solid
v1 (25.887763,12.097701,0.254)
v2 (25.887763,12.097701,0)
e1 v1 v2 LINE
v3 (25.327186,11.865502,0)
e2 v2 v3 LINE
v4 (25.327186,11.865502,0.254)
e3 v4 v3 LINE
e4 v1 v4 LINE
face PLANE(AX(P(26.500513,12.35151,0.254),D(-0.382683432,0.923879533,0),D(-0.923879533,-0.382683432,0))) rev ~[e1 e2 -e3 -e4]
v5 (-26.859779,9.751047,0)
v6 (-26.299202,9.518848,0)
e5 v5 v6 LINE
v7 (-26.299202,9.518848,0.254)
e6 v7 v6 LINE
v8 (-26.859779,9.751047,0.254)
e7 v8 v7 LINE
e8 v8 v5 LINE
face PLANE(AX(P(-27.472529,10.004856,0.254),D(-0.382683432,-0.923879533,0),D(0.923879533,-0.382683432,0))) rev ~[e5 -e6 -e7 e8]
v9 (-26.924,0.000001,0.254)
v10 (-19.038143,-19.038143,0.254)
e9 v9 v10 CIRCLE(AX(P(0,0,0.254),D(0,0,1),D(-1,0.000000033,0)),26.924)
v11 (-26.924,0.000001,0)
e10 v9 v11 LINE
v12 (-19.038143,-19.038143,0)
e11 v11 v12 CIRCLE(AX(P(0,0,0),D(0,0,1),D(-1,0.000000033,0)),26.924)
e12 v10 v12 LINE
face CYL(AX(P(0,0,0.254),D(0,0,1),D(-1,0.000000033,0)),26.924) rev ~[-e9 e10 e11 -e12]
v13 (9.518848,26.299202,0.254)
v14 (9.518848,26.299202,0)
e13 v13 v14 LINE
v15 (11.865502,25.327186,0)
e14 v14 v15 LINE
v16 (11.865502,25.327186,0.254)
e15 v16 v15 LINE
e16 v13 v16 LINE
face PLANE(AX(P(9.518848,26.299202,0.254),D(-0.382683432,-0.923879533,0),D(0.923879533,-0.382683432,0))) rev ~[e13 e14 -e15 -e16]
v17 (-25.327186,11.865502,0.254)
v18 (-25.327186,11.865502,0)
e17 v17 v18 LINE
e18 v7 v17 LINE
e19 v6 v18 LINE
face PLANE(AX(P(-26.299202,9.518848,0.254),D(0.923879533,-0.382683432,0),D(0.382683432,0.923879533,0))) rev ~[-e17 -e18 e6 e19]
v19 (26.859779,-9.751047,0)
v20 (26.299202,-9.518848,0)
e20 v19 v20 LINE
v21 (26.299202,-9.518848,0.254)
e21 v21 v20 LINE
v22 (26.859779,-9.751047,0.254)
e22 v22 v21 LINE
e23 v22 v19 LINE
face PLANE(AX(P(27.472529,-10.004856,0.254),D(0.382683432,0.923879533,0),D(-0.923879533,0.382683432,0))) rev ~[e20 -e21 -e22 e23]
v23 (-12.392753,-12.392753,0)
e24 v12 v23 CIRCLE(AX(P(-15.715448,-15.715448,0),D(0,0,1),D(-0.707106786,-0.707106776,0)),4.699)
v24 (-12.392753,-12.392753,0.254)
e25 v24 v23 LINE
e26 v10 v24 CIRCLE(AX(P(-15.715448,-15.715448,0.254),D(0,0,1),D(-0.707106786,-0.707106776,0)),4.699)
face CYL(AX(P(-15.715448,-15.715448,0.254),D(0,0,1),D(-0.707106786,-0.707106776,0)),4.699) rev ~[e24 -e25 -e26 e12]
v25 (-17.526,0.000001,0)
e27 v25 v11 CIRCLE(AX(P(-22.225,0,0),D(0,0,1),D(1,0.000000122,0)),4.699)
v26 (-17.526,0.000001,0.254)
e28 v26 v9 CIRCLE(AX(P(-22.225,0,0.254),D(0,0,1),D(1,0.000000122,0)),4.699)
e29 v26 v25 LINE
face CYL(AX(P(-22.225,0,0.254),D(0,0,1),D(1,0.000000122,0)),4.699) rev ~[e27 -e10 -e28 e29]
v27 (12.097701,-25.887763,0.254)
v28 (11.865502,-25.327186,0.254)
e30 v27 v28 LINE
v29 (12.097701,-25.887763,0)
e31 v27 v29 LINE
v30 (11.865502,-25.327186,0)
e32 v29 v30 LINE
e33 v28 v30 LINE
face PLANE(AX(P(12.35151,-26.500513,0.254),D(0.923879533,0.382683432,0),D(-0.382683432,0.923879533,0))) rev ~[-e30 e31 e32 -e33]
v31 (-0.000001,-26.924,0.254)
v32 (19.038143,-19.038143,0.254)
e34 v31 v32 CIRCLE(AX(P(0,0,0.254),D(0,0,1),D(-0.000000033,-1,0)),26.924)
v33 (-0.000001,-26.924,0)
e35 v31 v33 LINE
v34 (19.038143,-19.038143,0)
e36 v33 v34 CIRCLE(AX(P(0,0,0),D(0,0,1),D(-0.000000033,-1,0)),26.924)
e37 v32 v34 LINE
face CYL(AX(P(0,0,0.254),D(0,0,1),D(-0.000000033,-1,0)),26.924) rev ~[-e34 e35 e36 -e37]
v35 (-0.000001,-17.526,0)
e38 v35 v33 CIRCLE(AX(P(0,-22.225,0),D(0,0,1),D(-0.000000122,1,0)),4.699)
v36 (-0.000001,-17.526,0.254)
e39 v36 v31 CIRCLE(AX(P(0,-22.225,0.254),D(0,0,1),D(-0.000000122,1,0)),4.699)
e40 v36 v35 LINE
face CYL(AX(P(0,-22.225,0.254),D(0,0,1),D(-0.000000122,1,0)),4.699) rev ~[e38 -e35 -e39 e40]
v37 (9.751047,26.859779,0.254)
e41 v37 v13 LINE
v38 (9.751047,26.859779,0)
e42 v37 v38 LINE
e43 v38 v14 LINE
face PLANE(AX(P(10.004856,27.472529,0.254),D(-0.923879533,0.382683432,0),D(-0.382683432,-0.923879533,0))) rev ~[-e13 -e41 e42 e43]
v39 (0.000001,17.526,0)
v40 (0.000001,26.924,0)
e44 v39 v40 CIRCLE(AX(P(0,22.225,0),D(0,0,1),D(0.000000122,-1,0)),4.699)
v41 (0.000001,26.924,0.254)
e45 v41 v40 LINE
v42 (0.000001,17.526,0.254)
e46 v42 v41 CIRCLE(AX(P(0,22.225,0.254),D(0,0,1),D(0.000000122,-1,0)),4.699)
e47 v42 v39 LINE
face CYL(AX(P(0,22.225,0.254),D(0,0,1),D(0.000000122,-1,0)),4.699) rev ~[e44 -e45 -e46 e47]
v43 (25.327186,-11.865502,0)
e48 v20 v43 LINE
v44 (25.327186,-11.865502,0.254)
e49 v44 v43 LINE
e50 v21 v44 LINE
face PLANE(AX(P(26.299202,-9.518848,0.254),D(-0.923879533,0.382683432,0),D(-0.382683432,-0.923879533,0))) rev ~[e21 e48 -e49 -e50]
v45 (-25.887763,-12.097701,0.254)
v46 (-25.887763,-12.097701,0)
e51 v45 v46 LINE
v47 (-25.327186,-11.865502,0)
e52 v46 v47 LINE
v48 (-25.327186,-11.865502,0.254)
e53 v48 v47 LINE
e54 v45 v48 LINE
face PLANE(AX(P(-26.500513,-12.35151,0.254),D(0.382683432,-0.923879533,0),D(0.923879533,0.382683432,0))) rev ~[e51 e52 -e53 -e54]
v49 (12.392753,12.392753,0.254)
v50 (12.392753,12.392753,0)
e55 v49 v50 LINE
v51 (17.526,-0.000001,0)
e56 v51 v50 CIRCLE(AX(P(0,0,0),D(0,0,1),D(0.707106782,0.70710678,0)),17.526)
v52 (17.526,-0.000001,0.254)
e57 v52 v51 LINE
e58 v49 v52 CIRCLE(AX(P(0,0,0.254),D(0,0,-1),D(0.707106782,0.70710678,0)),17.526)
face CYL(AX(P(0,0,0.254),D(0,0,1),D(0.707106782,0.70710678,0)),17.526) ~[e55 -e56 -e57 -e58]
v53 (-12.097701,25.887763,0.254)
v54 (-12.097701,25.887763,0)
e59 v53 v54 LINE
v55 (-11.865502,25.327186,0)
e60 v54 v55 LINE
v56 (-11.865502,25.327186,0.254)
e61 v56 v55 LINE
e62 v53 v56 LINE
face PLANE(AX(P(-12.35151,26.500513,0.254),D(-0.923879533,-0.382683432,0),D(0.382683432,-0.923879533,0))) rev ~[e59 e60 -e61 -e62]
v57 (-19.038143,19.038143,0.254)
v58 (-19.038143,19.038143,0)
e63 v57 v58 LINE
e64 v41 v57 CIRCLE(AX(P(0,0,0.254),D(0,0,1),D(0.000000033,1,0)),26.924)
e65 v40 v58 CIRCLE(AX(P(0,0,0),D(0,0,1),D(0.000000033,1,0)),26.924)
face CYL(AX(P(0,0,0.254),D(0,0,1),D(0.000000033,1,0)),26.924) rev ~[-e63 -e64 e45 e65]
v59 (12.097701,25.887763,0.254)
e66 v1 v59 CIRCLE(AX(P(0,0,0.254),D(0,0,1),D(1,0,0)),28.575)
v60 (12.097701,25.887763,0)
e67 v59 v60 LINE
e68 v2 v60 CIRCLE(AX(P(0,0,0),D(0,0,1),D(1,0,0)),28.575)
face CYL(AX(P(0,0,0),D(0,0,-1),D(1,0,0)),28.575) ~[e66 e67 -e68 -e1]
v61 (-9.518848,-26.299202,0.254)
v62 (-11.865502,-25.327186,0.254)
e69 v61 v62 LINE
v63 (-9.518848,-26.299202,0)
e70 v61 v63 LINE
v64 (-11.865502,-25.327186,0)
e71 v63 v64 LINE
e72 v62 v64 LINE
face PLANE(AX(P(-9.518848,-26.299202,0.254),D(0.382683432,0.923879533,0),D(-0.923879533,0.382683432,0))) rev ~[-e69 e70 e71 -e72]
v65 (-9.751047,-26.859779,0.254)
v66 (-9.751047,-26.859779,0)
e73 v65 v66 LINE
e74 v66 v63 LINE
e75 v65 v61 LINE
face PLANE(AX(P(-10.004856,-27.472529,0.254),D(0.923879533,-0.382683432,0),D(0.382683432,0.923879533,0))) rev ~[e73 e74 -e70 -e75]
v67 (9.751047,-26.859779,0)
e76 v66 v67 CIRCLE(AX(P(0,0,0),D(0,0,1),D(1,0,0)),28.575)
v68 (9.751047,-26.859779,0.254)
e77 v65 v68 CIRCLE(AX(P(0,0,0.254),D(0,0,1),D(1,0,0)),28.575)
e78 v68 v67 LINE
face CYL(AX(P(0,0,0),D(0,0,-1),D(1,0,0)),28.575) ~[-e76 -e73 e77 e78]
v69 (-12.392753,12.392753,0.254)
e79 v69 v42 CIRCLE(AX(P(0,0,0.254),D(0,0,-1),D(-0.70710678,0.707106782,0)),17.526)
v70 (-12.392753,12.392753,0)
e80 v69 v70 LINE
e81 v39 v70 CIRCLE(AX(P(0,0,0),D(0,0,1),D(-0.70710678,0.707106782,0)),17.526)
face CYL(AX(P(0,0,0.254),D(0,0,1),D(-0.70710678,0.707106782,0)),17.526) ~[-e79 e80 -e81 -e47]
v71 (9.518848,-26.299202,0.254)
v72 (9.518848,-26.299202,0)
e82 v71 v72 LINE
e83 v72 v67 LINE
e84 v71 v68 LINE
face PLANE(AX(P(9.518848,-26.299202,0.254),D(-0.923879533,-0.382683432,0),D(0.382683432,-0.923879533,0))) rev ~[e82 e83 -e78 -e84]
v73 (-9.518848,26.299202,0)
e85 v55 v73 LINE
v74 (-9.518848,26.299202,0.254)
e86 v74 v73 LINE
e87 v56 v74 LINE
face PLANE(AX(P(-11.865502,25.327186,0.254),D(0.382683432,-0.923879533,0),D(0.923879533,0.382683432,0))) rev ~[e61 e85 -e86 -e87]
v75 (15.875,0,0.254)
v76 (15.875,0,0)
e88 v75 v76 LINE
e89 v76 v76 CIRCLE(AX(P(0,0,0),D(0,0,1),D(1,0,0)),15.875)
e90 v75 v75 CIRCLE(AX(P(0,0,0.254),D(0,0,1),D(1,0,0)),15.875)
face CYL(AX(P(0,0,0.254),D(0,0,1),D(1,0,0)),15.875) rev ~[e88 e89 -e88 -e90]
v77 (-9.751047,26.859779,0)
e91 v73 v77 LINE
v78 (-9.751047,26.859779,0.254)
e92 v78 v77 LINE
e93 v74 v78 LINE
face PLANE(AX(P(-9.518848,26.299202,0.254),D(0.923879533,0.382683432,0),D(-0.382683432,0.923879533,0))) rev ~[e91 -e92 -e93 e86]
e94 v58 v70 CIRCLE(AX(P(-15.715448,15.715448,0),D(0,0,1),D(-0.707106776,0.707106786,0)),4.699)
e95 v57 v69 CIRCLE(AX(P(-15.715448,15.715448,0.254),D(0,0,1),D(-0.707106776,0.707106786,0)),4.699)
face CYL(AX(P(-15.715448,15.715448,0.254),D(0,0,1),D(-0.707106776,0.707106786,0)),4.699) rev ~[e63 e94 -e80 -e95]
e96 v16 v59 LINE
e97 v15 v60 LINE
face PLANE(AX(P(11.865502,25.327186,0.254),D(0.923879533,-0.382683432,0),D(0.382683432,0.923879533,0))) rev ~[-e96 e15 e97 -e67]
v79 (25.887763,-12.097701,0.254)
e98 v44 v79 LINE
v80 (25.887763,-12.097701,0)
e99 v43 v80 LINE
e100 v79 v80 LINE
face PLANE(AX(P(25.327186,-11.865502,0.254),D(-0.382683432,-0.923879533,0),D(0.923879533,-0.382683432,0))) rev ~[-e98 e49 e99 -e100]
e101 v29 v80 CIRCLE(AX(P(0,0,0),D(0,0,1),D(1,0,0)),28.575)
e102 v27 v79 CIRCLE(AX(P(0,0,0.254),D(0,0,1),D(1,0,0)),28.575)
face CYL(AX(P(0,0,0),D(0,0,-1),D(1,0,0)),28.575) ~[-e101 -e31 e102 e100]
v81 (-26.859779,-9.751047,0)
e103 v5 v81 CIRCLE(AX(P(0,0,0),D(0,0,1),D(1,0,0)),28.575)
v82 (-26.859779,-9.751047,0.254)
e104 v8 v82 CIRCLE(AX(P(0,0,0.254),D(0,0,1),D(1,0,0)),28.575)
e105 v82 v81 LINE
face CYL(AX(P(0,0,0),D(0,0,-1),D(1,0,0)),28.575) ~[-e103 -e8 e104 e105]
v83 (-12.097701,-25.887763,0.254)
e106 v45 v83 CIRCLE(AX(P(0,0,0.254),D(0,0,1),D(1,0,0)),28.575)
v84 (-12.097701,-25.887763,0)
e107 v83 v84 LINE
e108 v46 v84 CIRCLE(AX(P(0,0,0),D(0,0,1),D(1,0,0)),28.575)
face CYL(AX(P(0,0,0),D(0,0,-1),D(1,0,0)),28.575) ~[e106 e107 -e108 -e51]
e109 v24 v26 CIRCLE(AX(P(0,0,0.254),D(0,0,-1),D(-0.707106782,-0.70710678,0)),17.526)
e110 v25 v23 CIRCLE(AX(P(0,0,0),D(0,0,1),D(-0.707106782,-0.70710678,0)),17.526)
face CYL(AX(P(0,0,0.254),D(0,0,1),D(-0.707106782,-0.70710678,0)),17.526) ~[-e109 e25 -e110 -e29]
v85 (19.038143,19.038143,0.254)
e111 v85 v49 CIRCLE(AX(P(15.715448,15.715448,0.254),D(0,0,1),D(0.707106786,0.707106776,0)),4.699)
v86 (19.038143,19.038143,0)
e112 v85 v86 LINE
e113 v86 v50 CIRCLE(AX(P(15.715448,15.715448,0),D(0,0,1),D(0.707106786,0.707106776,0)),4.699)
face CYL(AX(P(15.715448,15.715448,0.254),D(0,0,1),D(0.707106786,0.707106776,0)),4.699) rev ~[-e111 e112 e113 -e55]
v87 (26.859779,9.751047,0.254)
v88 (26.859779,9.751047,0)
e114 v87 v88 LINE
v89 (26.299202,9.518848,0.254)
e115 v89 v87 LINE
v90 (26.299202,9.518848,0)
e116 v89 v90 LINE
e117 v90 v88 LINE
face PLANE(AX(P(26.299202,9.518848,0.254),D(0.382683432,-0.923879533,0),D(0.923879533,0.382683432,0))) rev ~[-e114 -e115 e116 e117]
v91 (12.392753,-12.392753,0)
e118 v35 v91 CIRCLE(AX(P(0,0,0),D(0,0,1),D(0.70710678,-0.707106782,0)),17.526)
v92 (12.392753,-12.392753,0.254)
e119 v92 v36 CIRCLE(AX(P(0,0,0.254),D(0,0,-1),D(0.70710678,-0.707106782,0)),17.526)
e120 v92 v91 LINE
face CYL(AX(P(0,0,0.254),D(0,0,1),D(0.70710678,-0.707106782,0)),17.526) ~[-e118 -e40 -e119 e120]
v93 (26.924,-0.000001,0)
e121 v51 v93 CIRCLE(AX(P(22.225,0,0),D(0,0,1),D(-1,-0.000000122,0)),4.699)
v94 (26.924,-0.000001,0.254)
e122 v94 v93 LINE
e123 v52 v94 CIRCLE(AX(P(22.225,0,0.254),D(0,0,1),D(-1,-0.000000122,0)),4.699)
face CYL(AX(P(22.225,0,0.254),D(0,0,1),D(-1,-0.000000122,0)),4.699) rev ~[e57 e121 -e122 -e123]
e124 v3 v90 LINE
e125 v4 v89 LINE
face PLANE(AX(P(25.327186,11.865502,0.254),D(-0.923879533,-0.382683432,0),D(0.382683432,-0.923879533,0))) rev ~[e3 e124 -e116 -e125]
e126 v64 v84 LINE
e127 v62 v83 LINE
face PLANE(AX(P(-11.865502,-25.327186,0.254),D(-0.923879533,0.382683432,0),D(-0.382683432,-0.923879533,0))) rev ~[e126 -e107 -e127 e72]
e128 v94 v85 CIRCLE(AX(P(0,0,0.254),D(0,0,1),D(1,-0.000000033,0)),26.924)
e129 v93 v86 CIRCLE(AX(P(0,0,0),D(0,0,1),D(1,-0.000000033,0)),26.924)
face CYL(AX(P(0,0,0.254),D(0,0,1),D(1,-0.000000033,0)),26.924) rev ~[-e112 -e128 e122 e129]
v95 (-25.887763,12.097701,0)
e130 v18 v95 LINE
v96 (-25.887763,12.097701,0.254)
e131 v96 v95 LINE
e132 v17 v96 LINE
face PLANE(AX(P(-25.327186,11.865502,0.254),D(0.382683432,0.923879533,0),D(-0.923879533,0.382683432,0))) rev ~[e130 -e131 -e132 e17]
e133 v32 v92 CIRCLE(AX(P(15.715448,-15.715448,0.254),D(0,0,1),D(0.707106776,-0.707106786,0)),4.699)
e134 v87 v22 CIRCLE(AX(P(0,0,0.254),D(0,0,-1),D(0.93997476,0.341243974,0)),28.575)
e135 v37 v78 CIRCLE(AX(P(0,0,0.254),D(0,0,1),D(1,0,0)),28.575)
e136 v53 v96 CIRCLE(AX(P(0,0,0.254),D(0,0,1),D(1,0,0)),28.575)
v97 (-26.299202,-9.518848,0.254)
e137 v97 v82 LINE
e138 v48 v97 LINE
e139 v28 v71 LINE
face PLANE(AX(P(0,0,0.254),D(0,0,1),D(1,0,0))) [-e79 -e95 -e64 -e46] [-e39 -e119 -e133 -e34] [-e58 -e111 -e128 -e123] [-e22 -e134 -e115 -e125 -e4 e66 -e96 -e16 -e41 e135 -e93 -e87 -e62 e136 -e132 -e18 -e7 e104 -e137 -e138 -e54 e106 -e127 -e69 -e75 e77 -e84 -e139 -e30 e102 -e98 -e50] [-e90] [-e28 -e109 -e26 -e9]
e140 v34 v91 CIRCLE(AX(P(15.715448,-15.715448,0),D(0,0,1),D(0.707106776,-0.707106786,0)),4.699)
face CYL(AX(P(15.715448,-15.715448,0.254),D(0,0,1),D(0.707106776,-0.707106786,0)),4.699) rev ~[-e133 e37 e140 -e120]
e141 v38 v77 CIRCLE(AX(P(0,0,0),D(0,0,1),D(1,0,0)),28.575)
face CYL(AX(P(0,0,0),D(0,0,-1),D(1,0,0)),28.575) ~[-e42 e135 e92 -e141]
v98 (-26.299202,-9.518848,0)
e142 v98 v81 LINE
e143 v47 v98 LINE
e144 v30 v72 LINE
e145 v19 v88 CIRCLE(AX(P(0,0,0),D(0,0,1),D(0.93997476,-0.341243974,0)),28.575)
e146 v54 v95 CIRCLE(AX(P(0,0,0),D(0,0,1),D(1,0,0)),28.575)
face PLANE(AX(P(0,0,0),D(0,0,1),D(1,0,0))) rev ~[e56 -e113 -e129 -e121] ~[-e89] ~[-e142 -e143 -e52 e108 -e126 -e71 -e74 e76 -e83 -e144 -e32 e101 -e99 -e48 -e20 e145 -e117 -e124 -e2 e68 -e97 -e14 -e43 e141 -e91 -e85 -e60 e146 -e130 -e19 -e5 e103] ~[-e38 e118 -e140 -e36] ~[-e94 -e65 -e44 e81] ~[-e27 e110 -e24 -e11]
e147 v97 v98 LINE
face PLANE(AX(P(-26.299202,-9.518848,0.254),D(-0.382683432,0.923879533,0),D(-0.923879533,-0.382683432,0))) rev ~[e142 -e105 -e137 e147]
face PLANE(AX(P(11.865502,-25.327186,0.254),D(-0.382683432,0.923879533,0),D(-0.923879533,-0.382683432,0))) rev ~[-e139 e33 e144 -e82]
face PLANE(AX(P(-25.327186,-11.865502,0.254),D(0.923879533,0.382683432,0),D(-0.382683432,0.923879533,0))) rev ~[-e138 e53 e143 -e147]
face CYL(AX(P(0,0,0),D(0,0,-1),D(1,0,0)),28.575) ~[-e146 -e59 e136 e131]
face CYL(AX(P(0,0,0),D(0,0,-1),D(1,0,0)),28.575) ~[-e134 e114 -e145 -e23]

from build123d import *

# Parameters (mm, degrees)
SKETCH4_R           = 28.575
BOSS_EXTRUDE2_DEPTH = 0.254
SKETCH5_R           = 15.875
CUT_EXTRUDE5_DEPTH  = 1.254
CUT_EXTRUDE6_DEPTH  = 1.254
CUT_EXTRUDE11_DEPTH = 1.254


with BuildPart() as part:
    # Sketch4 → Boss-Extrude2 (new body)
    with BuildSketch(Plane.XY):
        Circle(SKETCH4_R)
    extrude(amount=BOSS_EXTRUDE2_DEPTH)

    # Sketch5 → Cut-Extrude5 (cut, through all)
    with BuildSketch(Plane.XY.offset(0.254)):
        Circle(SKETCH5_R)
    extrude(amount=-CUT_EXTRUDE5_DEPTH, mode=Mode.SUBTRACT)

    # Sketch6 → Cut-Extrude6 (cut, through all)
    with BuildSketch(Plane.XY.offset(0.254)):
        with BuildLine():
            ThreePointArc((19.038143, 19.038142953), (12.392753451, 19.038142981), (12.392753462, 12.392753432))
            ThreePointArc((12.392753462, 12.392753432), (16.1919128, 6.706909562), (17.526, -5.71e-07))
            ThreePointArc((17.526, -5.71e-07), (22.224999847, -4.699), (26.924, -8.77e-07))
            ThreePointArc((26.924, -8.77e-07), (24.874532708, 10.303368312), (19.038143, 19.038142953))
        make_face()
        with BuildLine():
            ThreePointArc((19.038142953, -19.038143), (19.038142981, -12.392753451), (12.392753432, -12.392753462))
            ThreePointArc((12.392753432, -12.392753462), (6.706909562, -16.1919128), (-5.71e-07, -17.526))
            ThreePointArc((-5.71e-07, -17.526), (-4.699, -22.224999847), (-8.77e-07, -26.924))
            ThreePointArc((-8.77e-07, -26.924), (10.303368312, -24.874532708), (19.038142953, -19.038143))
        make_face()
        with BuildLine():
            ThreePointArc((-19.038143, -19.038142953), (-12.392753451, -19.038142981), (-12.392753462, -12.392753432))
            ThreePointArc((-12.392753462, -12.392753432), (-16.1919128, -6.706909562), (-17.526, 5.71e-07))
            ThreePointArc((-17.526, 5.71e-07), (-22.224999847, 4.699), (-26.924, 8.77e-07))
            ThreePointArc((-26.924, 8.77e-07), (-24.874532708, -10.303368312), (-19.038143, -19.038142953))
        make_face()
        with BuildLine():
            ThreePointArc((-19.038142953, 19.038143), (-19.038142981, 12.392753451), (-12.392753432, 12.392753462))
            ThreePointArc((-12.392753432, 12.392753462), (-6.706909562, 16.1919128), (5.71e-07, 17.526))
            ThreePointArc((5.71e-07, 17.526), (4.699, 22.224999847), (8.77e-07, 26.924))
            ThreePointArc((8.77e-07, 26.924), (-10.303368312, 24.874532708), (-19.038142953, 19.038143))
        make_face()
    extrude(amount=-CUT_EXTRUDE6_DEPTH, mode=Mode.SUBTRACT)

    # Sketch8 → Cut-Extrude11 (cut, through all)
    with BuildSketch(Plane.XY.offset(0.254)):
        Polygon((27.472529104, 10.004856053), (26.500513186, 12.351510066), (25.327186179, 11.865502107), (26.299202097, 9.518848094), align=None)
        Polygon((-10.004856053, 27.472529104), (-12.351510066, 26.500513186), (-11.865502107, 25.327186179), (-9.518848094, 26.299202097), align=None)
        Polygon((-26.500513186, 12.351510066), (-27.472529104, 10.004856053), (-26.299202097, 9.518848094), (-25.327186179, 11.865502107), align=None)
        Polygon((-27.472529104, -10.004856053), (-26.500513186, -12.351510066), (-25.327186179, -11.865502107), (-26.299202097, -9.518848094), align=None)
        Polygon((-12.351510066, -26.500513186), (-10.004856053, -27.472529104), (-9.518848094, -26.299202097), (-11.865502107, -25.327186179), align=None)
        Polygon((10.004856053, -27.472529104), (12.351510066, -26.500513186), (11.865502107, -25.327186179), (9.518848094, -26.299202097), align=None)
        Polygon((26.500513186, -12.351510066), (27.472529104, -10.004856053), (26.299202097, -9.518848094), (25.327186179, -11.865502107), align=None)
        Polygon((12.351510066, 26.500513186), (10.004856053, 27.472529104), (9.518848094, 26.299202097), (11.865502107, 25.327186179), align=None)
    extrude(amount=-CUT_EXTRUDE11_DEPTH, mode=Mode.SUBTRACT)


solid = part.part
